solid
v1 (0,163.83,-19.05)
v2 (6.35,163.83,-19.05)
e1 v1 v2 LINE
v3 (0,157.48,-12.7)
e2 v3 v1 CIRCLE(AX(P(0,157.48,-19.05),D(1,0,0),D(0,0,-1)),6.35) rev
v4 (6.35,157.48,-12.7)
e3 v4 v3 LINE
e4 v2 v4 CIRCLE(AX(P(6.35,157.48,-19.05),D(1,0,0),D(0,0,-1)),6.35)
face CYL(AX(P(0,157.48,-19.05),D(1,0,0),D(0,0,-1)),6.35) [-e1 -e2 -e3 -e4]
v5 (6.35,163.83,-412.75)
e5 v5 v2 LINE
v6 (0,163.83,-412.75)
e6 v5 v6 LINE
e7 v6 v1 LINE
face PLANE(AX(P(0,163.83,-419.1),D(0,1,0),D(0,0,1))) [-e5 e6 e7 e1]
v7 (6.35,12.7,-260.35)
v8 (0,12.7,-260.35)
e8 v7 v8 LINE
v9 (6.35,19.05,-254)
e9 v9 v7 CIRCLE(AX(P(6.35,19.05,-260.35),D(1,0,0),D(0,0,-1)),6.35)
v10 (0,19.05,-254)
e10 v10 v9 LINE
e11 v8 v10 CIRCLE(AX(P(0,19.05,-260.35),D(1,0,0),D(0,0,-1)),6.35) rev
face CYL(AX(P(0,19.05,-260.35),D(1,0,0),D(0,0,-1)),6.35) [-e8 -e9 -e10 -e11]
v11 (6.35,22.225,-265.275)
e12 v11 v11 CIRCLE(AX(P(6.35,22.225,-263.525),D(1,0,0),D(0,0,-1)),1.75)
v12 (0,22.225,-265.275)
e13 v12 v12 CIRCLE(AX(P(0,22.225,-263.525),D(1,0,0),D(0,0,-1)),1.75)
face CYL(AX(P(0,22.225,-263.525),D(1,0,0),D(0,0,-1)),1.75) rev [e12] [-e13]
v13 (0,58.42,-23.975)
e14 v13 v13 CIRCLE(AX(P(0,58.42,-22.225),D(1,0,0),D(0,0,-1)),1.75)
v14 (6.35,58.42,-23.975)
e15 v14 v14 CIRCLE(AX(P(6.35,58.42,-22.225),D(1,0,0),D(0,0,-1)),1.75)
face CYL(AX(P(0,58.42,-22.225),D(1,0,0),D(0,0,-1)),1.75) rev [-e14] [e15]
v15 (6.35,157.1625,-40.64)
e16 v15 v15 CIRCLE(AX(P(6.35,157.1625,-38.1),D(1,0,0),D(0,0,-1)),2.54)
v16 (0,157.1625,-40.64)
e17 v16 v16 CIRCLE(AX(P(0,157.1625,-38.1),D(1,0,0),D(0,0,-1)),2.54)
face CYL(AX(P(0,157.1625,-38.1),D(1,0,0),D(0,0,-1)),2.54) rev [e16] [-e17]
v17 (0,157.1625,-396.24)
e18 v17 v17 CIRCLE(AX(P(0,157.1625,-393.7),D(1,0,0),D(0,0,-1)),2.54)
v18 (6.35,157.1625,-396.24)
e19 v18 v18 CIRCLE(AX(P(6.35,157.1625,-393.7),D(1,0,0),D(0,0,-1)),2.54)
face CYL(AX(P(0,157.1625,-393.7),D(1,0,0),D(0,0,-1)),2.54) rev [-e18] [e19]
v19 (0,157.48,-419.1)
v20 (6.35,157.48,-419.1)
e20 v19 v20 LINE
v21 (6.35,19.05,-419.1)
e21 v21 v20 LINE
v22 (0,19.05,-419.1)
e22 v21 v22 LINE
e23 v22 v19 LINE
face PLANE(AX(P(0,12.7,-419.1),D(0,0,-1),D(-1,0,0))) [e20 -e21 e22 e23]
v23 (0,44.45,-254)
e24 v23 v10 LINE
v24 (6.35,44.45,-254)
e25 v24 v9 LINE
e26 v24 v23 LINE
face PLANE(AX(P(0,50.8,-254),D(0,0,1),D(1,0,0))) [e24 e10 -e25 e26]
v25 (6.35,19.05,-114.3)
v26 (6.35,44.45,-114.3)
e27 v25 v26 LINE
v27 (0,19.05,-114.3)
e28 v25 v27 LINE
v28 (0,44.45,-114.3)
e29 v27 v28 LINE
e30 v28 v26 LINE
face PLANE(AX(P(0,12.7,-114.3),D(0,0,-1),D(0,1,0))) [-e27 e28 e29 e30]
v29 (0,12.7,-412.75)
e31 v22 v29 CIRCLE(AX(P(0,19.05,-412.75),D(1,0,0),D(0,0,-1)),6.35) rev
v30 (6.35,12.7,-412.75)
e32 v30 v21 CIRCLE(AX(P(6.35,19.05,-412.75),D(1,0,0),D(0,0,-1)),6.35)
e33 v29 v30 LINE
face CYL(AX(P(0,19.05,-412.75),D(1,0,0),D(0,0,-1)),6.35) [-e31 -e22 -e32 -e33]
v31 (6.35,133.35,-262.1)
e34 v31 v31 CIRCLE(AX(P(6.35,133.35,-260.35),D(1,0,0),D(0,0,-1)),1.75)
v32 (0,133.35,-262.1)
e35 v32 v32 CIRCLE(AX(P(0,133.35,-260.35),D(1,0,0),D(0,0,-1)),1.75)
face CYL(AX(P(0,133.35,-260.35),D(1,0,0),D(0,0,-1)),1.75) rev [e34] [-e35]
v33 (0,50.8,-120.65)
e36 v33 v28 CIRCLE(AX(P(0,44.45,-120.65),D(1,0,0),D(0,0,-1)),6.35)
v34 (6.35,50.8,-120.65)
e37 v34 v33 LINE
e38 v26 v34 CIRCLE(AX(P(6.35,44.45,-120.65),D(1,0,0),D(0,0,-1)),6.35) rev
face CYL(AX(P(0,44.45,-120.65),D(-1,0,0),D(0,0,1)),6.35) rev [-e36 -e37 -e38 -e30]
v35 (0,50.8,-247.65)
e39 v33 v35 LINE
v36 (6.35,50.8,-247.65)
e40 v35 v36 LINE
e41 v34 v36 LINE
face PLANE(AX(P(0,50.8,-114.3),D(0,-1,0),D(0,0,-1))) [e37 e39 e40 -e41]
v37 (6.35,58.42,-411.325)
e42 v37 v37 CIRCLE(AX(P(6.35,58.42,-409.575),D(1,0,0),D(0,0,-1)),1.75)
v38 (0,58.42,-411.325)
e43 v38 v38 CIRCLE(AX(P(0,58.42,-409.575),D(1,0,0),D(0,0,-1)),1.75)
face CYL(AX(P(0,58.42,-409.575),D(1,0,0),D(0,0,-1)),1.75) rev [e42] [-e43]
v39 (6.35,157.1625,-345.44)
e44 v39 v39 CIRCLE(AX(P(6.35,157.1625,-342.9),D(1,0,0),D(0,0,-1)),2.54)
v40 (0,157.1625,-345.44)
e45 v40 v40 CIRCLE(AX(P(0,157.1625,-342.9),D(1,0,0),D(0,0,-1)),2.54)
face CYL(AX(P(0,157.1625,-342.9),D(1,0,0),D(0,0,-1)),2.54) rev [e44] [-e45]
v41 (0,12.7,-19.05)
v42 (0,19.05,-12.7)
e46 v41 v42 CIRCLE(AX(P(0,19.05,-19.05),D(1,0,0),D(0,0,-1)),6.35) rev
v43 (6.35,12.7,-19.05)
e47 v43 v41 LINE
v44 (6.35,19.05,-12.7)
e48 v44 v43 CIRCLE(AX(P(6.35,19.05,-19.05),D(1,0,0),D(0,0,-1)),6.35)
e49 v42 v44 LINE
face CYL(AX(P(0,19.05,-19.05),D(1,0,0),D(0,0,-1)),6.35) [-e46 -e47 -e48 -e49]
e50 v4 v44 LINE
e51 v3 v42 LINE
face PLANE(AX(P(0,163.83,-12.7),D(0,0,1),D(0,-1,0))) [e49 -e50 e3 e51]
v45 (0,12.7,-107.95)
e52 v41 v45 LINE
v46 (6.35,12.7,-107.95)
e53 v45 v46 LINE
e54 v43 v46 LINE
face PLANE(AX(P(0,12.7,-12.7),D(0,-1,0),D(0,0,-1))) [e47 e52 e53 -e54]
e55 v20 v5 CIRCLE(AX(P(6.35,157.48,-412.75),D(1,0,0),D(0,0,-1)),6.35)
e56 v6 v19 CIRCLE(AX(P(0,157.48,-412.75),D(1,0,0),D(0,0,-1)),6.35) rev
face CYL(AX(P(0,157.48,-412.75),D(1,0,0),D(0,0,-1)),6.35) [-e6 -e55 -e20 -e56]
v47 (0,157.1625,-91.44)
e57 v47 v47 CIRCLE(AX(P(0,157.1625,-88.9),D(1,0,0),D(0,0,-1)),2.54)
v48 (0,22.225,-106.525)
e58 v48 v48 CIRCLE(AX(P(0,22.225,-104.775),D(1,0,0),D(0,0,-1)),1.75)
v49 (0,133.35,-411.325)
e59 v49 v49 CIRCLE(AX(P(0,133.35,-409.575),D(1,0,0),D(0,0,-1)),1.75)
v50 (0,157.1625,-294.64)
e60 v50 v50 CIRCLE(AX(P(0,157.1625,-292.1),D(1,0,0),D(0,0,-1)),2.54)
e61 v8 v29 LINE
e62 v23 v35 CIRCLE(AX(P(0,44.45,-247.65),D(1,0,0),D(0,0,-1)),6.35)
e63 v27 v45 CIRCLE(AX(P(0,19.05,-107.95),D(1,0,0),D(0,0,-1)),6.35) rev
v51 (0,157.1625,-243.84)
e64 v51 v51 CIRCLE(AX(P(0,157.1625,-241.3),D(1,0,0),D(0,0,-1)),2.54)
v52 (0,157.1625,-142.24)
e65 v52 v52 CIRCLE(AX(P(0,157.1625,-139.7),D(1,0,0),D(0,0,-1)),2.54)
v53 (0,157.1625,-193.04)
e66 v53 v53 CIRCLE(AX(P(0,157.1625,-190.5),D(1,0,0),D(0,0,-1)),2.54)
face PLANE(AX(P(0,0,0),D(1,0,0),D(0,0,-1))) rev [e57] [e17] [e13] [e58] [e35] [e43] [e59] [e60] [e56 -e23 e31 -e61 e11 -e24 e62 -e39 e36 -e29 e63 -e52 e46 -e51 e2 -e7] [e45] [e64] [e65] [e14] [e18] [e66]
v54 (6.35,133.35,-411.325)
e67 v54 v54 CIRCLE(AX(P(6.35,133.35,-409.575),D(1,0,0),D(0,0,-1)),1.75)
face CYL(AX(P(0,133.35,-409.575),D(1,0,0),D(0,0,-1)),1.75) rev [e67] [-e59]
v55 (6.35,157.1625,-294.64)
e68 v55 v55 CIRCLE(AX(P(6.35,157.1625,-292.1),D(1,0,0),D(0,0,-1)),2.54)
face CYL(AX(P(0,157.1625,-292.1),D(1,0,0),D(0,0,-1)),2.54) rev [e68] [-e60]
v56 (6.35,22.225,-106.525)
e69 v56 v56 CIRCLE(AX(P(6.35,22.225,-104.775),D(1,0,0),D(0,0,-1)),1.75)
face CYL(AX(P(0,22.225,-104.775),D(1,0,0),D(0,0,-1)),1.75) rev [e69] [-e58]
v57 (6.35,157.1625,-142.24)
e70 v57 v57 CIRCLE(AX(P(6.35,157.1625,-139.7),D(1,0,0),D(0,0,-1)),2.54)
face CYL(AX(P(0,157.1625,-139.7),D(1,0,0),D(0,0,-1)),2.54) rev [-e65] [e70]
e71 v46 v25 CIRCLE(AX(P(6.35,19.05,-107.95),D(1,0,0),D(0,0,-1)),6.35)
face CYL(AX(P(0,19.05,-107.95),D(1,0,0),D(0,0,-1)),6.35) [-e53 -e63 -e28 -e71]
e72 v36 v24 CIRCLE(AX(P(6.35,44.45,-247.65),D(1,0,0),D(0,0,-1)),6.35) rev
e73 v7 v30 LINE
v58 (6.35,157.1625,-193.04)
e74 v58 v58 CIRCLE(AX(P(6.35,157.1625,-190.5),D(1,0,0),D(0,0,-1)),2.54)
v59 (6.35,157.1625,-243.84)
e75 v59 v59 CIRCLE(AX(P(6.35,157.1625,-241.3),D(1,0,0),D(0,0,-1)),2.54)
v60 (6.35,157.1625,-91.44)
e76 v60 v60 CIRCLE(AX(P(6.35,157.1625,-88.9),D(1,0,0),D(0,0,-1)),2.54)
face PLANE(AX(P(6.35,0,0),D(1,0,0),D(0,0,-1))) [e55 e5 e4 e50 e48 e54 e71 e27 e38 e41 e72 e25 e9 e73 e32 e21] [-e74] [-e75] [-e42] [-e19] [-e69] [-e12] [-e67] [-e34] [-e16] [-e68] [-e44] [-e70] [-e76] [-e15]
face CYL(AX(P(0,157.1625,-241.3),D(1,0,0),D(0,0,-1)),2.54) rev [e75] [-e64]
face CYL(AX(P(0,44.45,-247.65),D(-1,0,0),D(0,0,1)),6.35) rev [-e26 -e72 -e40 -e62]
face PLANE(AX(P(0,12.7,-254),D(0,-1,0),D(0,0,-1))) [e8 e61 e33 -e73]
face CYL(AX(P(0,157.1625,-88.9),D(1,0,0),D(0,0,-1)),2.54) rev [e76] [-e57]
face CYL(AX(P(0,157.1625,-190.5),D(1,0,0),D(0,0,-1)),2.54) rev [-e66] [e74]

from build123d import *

# Parameters (mm, degrees)
BOSS_EXTRUDE1_DEPTH = 6.35
SKETCH3_R           = 3.96875
CUT_EXTRUDE1_DEPTH  = 7.35
SKETCH5_W           = 6.35
SKETCH5_H           = 12.7
CUT_EXTRUDE3_DEPTH  = 7.35
LPATTERN1_COUNT     = 16
LPATTERN1_PITCH     = 25.4
SKETCH6_W           = 6.35
SKETCH6_H           = 12.7
CUT_EXTRUDE4_DEPTH  = 7.35
LPATTERN2_COUNT     = 11
LPATTERN2_PITCH     = 25.4
SKETCH7_W           = 6.35
SKETCH7_H           = 12.7
SKETCH7_W_2         = 12.7
SKETCH7_H_2         = 6.35
CUT_EXTRUDE5_DEPTH  = 7.35
CUT_EXTRUDE6_DEPTH  = 7.35
LPATTERN3_COUNT     = 10
LPATTERN3_PITCH     = 25.4
SKETCH9_W           = 12.7
SKETCH9_H           = 6.35
CUT_EXTRUDE7_DEPTH  = 7.35
LPATTERN4_COUNT     = 8
LPATTERN4_PITCH     = 25.4
SKETCH10_R          = 3.175
CUT_EXTRUDE8_DEPTH  = 7.35
SKETCH11_R          = 3.96875
CUT_EXTRUDE9_DEPTH  = 7.35
SKETCH12_W          = 6.35
SKETCH12_H          = 12.7
CUT_EXTRUDE13_DEPTH = 7.35
CUT_EXTRUDE15_DEPTH = 7.35
CUT_EXTRUDE16_DEPTH = 7.35
SKETCH17_W          = 12.7
SKETCH17_H          = 6.35
CUT_EXTRUDE17_DEPTH = 7.35
LPATTERN5_COUNT     = 17
LPATTERN5_PITCH     = 25.4
LPATTERN6_COUNT     = 2
LPATTERN6_PITCH     = 120.65
SKETCH18_W          = 12.7
SKETCH18_H          = 6.35
CUT_EXTRUDE18_DEPTH = 7.35
LPATTERN7_COUNT     = 5
LPATTERN7_PITCH     = 25.4
CUT_EXTRUDE19_DEPTH = 7.35
SKETCH20_W          = 101.6
SKETCH20_H          = 57.15
CUT_EXTRUDE20_DEPTH = 7.35
CUT_EXTRUDE21_DEPTH = 7.35
CUT_EXTRUDE22_DEPTH = 7.35
BOSS_EXTRUDE4_DEPTH = 6.35
BOSS_EXTRUDE5_DEPTH = 6.35
SKETCH29_R          = 2.54
CUT_EXTRUDE23_DEPTH = 7.35
SKETCH30_R          = 1.75
CUT_EXTRUDE24_DEPTH = 7.35
SKETCH31_R          = 1.75
CUT_EXTRUDE25_DEPTH = 7.35
FILLET2_R           = 6.35


with BuildPart() as part:
    # Sketch2 → Boss-Extrude1 (new body)
    with BuildSketch(Plane(origin=(0, 0, 0), x_dir=(0, 0, -1), z_dir=(1, 0, 0))):
        Polygon((0, 0), (0, 294.450076882), (215.9, 419.1), (431.8, 419.1), (431.8, 0), (241.3, 0), (241.3, 38.1), (127, 38.1), (127, 0), align=None)
    extrude(amount=BOSS_EXTRUDE1_DEPTH)

    # Sketch3 → Cut-Extrude1 (cut, through all)
    with BuildSketch(Plane(origin=(6.35, 0, 0), x_dir=(0, 0, -1), z_dir=(1, 0, 0))):
        with Locations((63.5, 38.1)):
            Circle(SKETCH3_R)
        with Locations((368.3, 38.1)):
            Circle(SKETCH3_R)
    extrude(amount=-CUT_EXTRUDE1_DEPTH, mode=Mode.SUBTRACT)

    # Sketch5 → Cut-Extrude3 (cut, through all)
    with BuildSketch(Plane(origin=(6.35, 0, 0), x_dir=(0, 0, -1), z_dir=(1, 0, 0))):
        with Locations((428.625, 19.05)):
            Rectangle(SKETCH5_W, SKETCH5_H)
    cut_extrude3 = extrude(amount=-CUT_EXTRUDE3_DEPTH, mode=Mode.SUBTRACT)

    # LPattern1: Cut-Extrude3 ×16
    with Locations(*[(0, i * LPATTERN1_PITCH, 0) for i in range(1, LPATTERN1_COUNT)]):
        add(cut_extrude3, mode=Mode.SUBTRACT)

    # Sketch6 → Cut-Extrude4 (cut, through all)
    with BuildSketch(Plane(origin=(6.35, 0, 0), x_dir=(0, 0, -1), z_dir=(1, 0, 0))):
        with Locations((3.175, 19.05)):
            Rectangle(SKETCH6_W, SKETCH6_H)
    cut_extrude4 = extrude(amount=-CUT_EXTRUDE4_DEPTH, mode=Mode.SUBTRACT)

    # LPattern2: Cut-Extrude4 ×11
    with Locations(*[(0, i * LPATTERN2_PITCH, 0) for i in range(1, LPATTERN2_COUNT)]):
        add(cut_extrude4, mode=Mode.SUBTRACT)

    # Sketch7 → Cut-Extrude5 (cut, through all)
    with BuildSketch(Plane(origin=(6.35, 0, 0), x_dir=(0, 0, -1), z_dir=(1, 0, 0))):
        with Locations((123.825, 19.05)):
            Rectangle(SKETCH7_W, SKETCH7_H)
        with Locations((133.35, 41.275)):
            Rectangle(SKETCH7_W_2, SKETCH7_H_2)
        with Locations((158.75, 41.275)):
            Rectangle(SKETCH7_W_2, SKETCH7_H_2)
        with Locations((184.15, 41.275)):
            Rectangle(SKETCH7_W_2, SKETCH7_H_2)
        with Locations((244.475, 19.05)):
            Rectangle(SKETCH7_W, SKETCH7_H)
        with Locations((209.55, 41.275)):
            Rectangle(SKETCH7_W_2, SKETCH7_H_2)
        with Locations((234.95, 41.275)):
            Rectangle(SKETCH7_W_2, SKETCH7_H_2)
    extrude(amount=-CUT_EXTRUDE5_DEPTH, mode=Mode.SUBTRACT)

    # Sketch8 → Cut-Extrude6 (cut, through all)
    with BuildSketch(Plane(origin=(6.35, 0, 0), x_dir=(0, 0, -1), z_dir=(1, 0, 0))):
        Polygon((201.93507044, 411.037344159), (212.933593068, 417.387344159), (216.108593068, 411.888082845), (205.11007044, 405.538082845), align=None)
    cut_extrude6 = extrude(amount=-CUT_EXTRUDE6_DEPTH, mode=Mode.SUBTRACT)

    # LPattern3: Cut-Extrude6 ×10
    with Locations(*[Vector(0, -0.5, 0.866025404) * (i * LPATTERN3_PITCH) for i in range(1, LPATTERN3_COUNT)]):
        add(cut_extrude6, mode=Mode.SUBTRACT)

    # Sketch9 → Cut-Extrude7 (cut, through all)
    with BuildSketch(Plane(origin=(6.35, 0, 0), x_dir=(0, 0, -1), z_dir=(1, 0, 0))):
        with Locations((412.75, 415.925)):
            Rectangle(SKETCH9_W, SKETCH9_H)
    cut_extrude7 = extrude(amount=-CUT_EXTRUDE7_DEPTH, mode=Mode.SUBTRACT)

    # LPattern4: Cut-Extrude7 ×8
    with Locations(*[(0, 0, i * LPATTERN4_PITCH) for i in range(1, LPATTERN4_COUNT)]):
        add(cut_extrude7, mode=Mode.SUBTRACT)

    # Sketch10 → Cut-Extrude8 (cut, through all)
    with BuildSketch(Plane(origin=(6.35, 0, 0), x_dir=(0, 0, -1), z_dir=(1, 0, 0))):
        with Locations((222.25, 273.05)):
            Circle(SKETCH10_R)
        with Locations((222.25, 57.15)):
            Circle(SKETCH10_R)
        with Locations((146.05, 57.15)):
            Circle(SKETCH10_R)
        with Locations((146.05, 273.05)):
            Circle(SKETCH10_R)
    extrude(amount=-CUT_EXTRUDE8_DEPTH, mode=Mode.SUBTRACT)

    # Sketch11 → Cut-Extrude9 (cut, through all)
    with BuildSketch(Plane(origin=(6.35, 0, 0), x_dir=(0, 0, -1), z_dir=(1, 0, 0))):
        with Locations((38.1, 260.35)):
            Circle(SKETCH11_R)
        with Locations((266.7, 260.35)):
            Circle(SKETCH11_R)
    extrude(amount=-CUT_EXTRUDE9_DEPTH, mode=Mode.SUBTRACT)

    # Sketch12 → Cut-Extrude13 (cut, through all)
    with BuildSketch(Plane(origin=(6.35, 0, 0), x_dir=(0, 0, -1), z_dir=(1, 0, 0))):
        with Locations((123.825, 44.45)):
            Rectangle(SKETCH12_W, SKETCH12_H)
        with Locations((123.825, 69.85)):
            Rectangle(SKETCH12_W, SKETCH12_H)
        with Locations((123.825, 95.25)):
            Rectangle(SKETCH12_W, SKETCH12_H)
        with Locations((123.825, 120.65)):
            Rectangle(SKETCH12_W, SKETCH12_H)
    cut_extrude13 = extrude(amount=-CUT_EXTRUDE13_DEPTH, mode=Mode.SUBTRACT)

    # Sketch14 → Cut-Extrude15 (cut, through all)
    with BuildSketch(Plane(origin=(6.35, 0, 0), x_dir=(0, 0, -1), z_dir=(1, 0, 0))):
        Polygon((36.957231019, 315.787344159), (47.955753647, 322.137344159), (51.130753647, 316.638082845), (40.132231019, 310.288082845), align=None)
        Polygon((80.951321531, 341.187344159), (91.949844159, 347.537344159), (95.124844159, 342.038082845), (84.126321531, 335.688082845), align=None)
    extrude(amount=-CUT_EXTRUDE15_DEPTH, mode=Mode.SUBTRACT)

    # Sketch15 → Cut-Extrude16 (cut, through all)
    with BuildSketch(Plane(origin=(6.35, 0, 0), x_dir=(0, 0, -1), z_dir=(1, 0, 0))):
        with BuildLine():
            Line((62.129276275, 322.988082845), (31.558579521, 305.338082845))
            ThreePointArc((31.558579521, 305.338082845), (51.535904978, 302.314952438), (62.501260575, 319.285333297))
            ThreePointArc((62.501260575, 319.285333297), (62.408031035, 321.146027155), (62.129276275, 322.988082845))
        make_face()
        with BuildLine():
            Line((103.698495657, 346.988082845), (73.127798903, 329.338082845))
            ThreePointArc((73.127798903, 329.338082845), (93.10512436, 326.314952438), (104.070479957, 343.285333297))
            ThreePointArc((104.070479957, 343.285333297), (103.977250417, 345.146027155), (103.698495657, 346.988082845))
        make_face()
    extrude(amount=-CUT_EXTRUDE16_DEPTH, mode=Mode.SUBTRACT)

    # Sketch17 → Cut-Extrude17 (cut, through all)
    with BuildSketch(Plane(origin=(6.35, 0, 0), x_dir=(0, 0, -1), z_dir=(1, 0, 0))):
        with Locations((25.4, 142.875)):
            Rectangle(SKETCH17_W, SKETCH17_H)
    cut_extrude17 = extrude(amount=-CUT_EXTRUDE17_DEPTH, mode=Mode.SUBTRACT)

    # LPattern5: Cut-Extrude17 ×17
    with Locations(*[(0, 0, -i * LPATTERN5_PITCH) for i in range(1, LPATTERN5_COUNT)]):
        add(cut_extrude17, mode=Mode.SUBTRACT)

    # LPattern6: Cut-Extrude13 ×2
    with Locations(*[(0, 0, -i * LPATTERN6_PITCH) for i in range(1, LPATTERN6_COUNT)]):
        add(cut_extrude13, mode=Mode.SUBTRACT)

    # Sketch18 → Cut-Extrude18 (cut, through all)
    with BuildSketch(Plane(origin=(6.35, 0, 0), x_dir=(0, 0, -1), z_dir=(1, 0, 0))):
        with Locations((133.35, 117.475)):
            Rectangle(SKETCH18_W, SKETCH18_H)
    cut_extrude18 = extrude(amount=-CUT_EXTRUDE18_DEPTH, mode=Mode.SUBTRACT)

    # LPattern7: Cut-Extrude18 ×5
    with Locations(*[(0, 0, -i * LPATTERN7_PITCH) for i in range(1, LPATTERN7_COUNT)]):
        add(cut_extrude18, mode=Mode.SUBTRACT)

    # Sketch19 → Cut-Extrude19 (cut, through all)
    with BuildSketch(Plane(origin=(6.35, 0, 0), x_dir=(0, 0, -1), z_dir=(1, 0, 0))):
        Polygon((25.4, 279.785380045), (222.705909488, 393.7), (406.4, 393.7), (406.4, 165.1), (25.4, 165.1), align=None)
    extrude(amount=-CUT_EXTRUDE19_DEPTH, mode=Mode.SUBTRACT)

    # Sketch20 → Cut-Extrude20 (cut, through all)
    with BuildSketch(Plane(origin=(6.35, 0, 0), x_dir=(0, 0, -1), z_dir=(1, 0, 0))):
        with Locations((184.15, 79.375)):
            Rectangle(SKETCH20_W, SKETCH20_H)
    extrude(amount=-CUT_EXTRUDE20_DEPTH, mode=Mode.SUBTRACT)

    # Sketch21 → Cut-Extrude21 (cut, through all)
    with BuildSketch(Plane(origin=(6.35, 0, 0), x_dir=(0, 0, -1), z_dir=(1, 0, 0))):
        Polygon((266.7, 25.4), (308.202954744, 25.4), (406.4, 82.094090512), (406.4, 133.35), (266.7, 133.35), align=None)
        Polygon((25.4, 133.35), (25.4, 82.094090512), (101.6, 38.1), (101.6, 133.35), align=None)
        Polygon((25.4, 38.1), (25.4, 25.4), (47.397045256, 25.4), align=None)
    extrude(amount=-CUT_EXTRUDE21_DEPTH, mode=Mode.SUBTRACT)

    # Sketch22 → Cut-Extrude22 (cut, through all)
    with BuildSketch(Plane(origin=(6.35, 0, 0), x_dir=(0, 0, -1), z_dir=(1, 0, 0))):
        Polygon((384.402954744, 25.4), (406.4, 38.1), (406.4, 25.4), align=None)
    extrude(amount=-CUT_EXTRUDE22_DEPTH, mode=Mode.SUBTRACT)

    # Sketch26 → Boss-Extrude4 (add, through all)
    with BuildSketch(Plane(origin=(6.35, 0, 0), x_dir=(0, 0, -1), z_dir=(1, 0, 0))):
        Polygon((266.7, 133.35), (266.7, 126.280871047), (278.944090512, 133.35), align=None)
        Polygon((89.355909488, 133.35), (101.6, 126.280871047), (101.6, 133.35), align=None)
        Polygon((266.7, 32.469128953), (278.944090512, 25.4), (266.7, 25.4), align=None)
        Polygon((133.35, 107.95), (133.35, 100.880871047), (145.594090512, 107.95), align=None)
        Polygon((234.95, 107.95), (222.705909488, 107.95), (234.95, 100.880871047), align=None)
        Polygon((133.35, 50.8), (145.594090512, 50.8), (133.35, 57.869128953), align=None)
        Polygon((234.95, 50.8), (222.705909488, 50.8), (234.95, 57.869128953), align=None)
    extrude(amount=-BOSS_EXTRUDE4_DEPTH)


with BuildPart() as body_2:
    # Sketch27 → Boss-Extrude5 (new body)
    with BuildSketch(Plane(origin=(6.35, 0, 0), x_dir=(0, 0, -1), z_dir=(1, 0, 0))):
        Polygon((12.7, 163.83), (12.7, 12.7), (114.3, 12.7), (114.3, 50.8), (254, 50.8), (254, 12.7), (419.1, 12.7), (419.1, 163.83), align=None)
    extrude(amount=-BOSS_EXTRUDE5_DEPTH)

    # Sketch29 → Cut-Extrude23 (cut, through all)
    with BuildSketch(Plane(origin=(6.35, 0, 0), x_dir=(0, 0, -1), z_dir=(1, 0, 0))):
        with Locations((38.1, 157.1625)):
            Circle(SKETCH29_R)
        with Locations((88.9, 157.1625)):
            Circle(SKETCH29_R)
        with Locations((139.7, 157.1625)):
            Circle(SKETCH29_R)
        with Locations((190.5, 157.1625)):
            Circle(SKETCH29_R)
        with Locations((241.3, 157.1625)):
            Circle(SKETCH29_R)
        with Locations((292.1, 157.1625)):
            Circle(SKETCH29_R)
        with Locations((342.9, 157.1625)):
            Circle(SKETCH29_R)
        with Locations((393.7, 157.1625)):
            Circle(SKETCH29_R)
    extrude(amount=-CUT_EXTRUDE23_DEPTH, mode=Mode.SUBTRACT)

    # Sketch30 → Cut-Extrude24 (cut, through all)
    with BuildSketch(Plane(origin=(6.35, 0, 0), x_dir=(0, 0, -1), z_dir=(1, 0, 0))):
        with Locations((22.225, 58.42)):
            Circle(SKETCH30_R)
        with Locations((104.775, 22.225)):
            Circle(SKETCH30_R)
        with Locations((263.525, 22.225)):
            Circle(SKETCH30_R)
        with Locations((409.575, 58.42)):
            Circle(SKETCH30_R)
    extrude(amount=-CUT_EXTRUDE24_DEPTH, mode=Mode.SUBTRACT)

    # Sketch31 → Cut-Extrude25 (cut, through all)
    with BuildSketch(Plane(origin=(6.35, 0, 0), x_dir=(0, 0, -1), z_dir=(1, 0, 0))):
        with Locations((260.35, 133.35)):
            Circle(SKETCH31_R)
        with Locations((409.575, 133.35)):
            Circle(SKETCH31_R)
    extrude(amount=-CUT_EXTRUDE25_DEPTH, mode=Mode.SUBTRACT)

    # Fillet2
    fillet2_edges = [body_2.edges().sort_by_distance(p)[0] for p in [
        (3.175, 163.83, -419.1),
        (3.175, 12.7, -419.1),
        (3.175, 12.7, -254),
        (3.175, 50.8, -254),
        (3.175, 50.8, -114.3),
        (3.175, 12.7, -114.3),
        (3.175, 12.7, -12.7),
        (3.175, 163.83, -12.7),
    ]]
    fillet(fillet2_edges, radius=FILLET2_R)


solid = body_2.part
